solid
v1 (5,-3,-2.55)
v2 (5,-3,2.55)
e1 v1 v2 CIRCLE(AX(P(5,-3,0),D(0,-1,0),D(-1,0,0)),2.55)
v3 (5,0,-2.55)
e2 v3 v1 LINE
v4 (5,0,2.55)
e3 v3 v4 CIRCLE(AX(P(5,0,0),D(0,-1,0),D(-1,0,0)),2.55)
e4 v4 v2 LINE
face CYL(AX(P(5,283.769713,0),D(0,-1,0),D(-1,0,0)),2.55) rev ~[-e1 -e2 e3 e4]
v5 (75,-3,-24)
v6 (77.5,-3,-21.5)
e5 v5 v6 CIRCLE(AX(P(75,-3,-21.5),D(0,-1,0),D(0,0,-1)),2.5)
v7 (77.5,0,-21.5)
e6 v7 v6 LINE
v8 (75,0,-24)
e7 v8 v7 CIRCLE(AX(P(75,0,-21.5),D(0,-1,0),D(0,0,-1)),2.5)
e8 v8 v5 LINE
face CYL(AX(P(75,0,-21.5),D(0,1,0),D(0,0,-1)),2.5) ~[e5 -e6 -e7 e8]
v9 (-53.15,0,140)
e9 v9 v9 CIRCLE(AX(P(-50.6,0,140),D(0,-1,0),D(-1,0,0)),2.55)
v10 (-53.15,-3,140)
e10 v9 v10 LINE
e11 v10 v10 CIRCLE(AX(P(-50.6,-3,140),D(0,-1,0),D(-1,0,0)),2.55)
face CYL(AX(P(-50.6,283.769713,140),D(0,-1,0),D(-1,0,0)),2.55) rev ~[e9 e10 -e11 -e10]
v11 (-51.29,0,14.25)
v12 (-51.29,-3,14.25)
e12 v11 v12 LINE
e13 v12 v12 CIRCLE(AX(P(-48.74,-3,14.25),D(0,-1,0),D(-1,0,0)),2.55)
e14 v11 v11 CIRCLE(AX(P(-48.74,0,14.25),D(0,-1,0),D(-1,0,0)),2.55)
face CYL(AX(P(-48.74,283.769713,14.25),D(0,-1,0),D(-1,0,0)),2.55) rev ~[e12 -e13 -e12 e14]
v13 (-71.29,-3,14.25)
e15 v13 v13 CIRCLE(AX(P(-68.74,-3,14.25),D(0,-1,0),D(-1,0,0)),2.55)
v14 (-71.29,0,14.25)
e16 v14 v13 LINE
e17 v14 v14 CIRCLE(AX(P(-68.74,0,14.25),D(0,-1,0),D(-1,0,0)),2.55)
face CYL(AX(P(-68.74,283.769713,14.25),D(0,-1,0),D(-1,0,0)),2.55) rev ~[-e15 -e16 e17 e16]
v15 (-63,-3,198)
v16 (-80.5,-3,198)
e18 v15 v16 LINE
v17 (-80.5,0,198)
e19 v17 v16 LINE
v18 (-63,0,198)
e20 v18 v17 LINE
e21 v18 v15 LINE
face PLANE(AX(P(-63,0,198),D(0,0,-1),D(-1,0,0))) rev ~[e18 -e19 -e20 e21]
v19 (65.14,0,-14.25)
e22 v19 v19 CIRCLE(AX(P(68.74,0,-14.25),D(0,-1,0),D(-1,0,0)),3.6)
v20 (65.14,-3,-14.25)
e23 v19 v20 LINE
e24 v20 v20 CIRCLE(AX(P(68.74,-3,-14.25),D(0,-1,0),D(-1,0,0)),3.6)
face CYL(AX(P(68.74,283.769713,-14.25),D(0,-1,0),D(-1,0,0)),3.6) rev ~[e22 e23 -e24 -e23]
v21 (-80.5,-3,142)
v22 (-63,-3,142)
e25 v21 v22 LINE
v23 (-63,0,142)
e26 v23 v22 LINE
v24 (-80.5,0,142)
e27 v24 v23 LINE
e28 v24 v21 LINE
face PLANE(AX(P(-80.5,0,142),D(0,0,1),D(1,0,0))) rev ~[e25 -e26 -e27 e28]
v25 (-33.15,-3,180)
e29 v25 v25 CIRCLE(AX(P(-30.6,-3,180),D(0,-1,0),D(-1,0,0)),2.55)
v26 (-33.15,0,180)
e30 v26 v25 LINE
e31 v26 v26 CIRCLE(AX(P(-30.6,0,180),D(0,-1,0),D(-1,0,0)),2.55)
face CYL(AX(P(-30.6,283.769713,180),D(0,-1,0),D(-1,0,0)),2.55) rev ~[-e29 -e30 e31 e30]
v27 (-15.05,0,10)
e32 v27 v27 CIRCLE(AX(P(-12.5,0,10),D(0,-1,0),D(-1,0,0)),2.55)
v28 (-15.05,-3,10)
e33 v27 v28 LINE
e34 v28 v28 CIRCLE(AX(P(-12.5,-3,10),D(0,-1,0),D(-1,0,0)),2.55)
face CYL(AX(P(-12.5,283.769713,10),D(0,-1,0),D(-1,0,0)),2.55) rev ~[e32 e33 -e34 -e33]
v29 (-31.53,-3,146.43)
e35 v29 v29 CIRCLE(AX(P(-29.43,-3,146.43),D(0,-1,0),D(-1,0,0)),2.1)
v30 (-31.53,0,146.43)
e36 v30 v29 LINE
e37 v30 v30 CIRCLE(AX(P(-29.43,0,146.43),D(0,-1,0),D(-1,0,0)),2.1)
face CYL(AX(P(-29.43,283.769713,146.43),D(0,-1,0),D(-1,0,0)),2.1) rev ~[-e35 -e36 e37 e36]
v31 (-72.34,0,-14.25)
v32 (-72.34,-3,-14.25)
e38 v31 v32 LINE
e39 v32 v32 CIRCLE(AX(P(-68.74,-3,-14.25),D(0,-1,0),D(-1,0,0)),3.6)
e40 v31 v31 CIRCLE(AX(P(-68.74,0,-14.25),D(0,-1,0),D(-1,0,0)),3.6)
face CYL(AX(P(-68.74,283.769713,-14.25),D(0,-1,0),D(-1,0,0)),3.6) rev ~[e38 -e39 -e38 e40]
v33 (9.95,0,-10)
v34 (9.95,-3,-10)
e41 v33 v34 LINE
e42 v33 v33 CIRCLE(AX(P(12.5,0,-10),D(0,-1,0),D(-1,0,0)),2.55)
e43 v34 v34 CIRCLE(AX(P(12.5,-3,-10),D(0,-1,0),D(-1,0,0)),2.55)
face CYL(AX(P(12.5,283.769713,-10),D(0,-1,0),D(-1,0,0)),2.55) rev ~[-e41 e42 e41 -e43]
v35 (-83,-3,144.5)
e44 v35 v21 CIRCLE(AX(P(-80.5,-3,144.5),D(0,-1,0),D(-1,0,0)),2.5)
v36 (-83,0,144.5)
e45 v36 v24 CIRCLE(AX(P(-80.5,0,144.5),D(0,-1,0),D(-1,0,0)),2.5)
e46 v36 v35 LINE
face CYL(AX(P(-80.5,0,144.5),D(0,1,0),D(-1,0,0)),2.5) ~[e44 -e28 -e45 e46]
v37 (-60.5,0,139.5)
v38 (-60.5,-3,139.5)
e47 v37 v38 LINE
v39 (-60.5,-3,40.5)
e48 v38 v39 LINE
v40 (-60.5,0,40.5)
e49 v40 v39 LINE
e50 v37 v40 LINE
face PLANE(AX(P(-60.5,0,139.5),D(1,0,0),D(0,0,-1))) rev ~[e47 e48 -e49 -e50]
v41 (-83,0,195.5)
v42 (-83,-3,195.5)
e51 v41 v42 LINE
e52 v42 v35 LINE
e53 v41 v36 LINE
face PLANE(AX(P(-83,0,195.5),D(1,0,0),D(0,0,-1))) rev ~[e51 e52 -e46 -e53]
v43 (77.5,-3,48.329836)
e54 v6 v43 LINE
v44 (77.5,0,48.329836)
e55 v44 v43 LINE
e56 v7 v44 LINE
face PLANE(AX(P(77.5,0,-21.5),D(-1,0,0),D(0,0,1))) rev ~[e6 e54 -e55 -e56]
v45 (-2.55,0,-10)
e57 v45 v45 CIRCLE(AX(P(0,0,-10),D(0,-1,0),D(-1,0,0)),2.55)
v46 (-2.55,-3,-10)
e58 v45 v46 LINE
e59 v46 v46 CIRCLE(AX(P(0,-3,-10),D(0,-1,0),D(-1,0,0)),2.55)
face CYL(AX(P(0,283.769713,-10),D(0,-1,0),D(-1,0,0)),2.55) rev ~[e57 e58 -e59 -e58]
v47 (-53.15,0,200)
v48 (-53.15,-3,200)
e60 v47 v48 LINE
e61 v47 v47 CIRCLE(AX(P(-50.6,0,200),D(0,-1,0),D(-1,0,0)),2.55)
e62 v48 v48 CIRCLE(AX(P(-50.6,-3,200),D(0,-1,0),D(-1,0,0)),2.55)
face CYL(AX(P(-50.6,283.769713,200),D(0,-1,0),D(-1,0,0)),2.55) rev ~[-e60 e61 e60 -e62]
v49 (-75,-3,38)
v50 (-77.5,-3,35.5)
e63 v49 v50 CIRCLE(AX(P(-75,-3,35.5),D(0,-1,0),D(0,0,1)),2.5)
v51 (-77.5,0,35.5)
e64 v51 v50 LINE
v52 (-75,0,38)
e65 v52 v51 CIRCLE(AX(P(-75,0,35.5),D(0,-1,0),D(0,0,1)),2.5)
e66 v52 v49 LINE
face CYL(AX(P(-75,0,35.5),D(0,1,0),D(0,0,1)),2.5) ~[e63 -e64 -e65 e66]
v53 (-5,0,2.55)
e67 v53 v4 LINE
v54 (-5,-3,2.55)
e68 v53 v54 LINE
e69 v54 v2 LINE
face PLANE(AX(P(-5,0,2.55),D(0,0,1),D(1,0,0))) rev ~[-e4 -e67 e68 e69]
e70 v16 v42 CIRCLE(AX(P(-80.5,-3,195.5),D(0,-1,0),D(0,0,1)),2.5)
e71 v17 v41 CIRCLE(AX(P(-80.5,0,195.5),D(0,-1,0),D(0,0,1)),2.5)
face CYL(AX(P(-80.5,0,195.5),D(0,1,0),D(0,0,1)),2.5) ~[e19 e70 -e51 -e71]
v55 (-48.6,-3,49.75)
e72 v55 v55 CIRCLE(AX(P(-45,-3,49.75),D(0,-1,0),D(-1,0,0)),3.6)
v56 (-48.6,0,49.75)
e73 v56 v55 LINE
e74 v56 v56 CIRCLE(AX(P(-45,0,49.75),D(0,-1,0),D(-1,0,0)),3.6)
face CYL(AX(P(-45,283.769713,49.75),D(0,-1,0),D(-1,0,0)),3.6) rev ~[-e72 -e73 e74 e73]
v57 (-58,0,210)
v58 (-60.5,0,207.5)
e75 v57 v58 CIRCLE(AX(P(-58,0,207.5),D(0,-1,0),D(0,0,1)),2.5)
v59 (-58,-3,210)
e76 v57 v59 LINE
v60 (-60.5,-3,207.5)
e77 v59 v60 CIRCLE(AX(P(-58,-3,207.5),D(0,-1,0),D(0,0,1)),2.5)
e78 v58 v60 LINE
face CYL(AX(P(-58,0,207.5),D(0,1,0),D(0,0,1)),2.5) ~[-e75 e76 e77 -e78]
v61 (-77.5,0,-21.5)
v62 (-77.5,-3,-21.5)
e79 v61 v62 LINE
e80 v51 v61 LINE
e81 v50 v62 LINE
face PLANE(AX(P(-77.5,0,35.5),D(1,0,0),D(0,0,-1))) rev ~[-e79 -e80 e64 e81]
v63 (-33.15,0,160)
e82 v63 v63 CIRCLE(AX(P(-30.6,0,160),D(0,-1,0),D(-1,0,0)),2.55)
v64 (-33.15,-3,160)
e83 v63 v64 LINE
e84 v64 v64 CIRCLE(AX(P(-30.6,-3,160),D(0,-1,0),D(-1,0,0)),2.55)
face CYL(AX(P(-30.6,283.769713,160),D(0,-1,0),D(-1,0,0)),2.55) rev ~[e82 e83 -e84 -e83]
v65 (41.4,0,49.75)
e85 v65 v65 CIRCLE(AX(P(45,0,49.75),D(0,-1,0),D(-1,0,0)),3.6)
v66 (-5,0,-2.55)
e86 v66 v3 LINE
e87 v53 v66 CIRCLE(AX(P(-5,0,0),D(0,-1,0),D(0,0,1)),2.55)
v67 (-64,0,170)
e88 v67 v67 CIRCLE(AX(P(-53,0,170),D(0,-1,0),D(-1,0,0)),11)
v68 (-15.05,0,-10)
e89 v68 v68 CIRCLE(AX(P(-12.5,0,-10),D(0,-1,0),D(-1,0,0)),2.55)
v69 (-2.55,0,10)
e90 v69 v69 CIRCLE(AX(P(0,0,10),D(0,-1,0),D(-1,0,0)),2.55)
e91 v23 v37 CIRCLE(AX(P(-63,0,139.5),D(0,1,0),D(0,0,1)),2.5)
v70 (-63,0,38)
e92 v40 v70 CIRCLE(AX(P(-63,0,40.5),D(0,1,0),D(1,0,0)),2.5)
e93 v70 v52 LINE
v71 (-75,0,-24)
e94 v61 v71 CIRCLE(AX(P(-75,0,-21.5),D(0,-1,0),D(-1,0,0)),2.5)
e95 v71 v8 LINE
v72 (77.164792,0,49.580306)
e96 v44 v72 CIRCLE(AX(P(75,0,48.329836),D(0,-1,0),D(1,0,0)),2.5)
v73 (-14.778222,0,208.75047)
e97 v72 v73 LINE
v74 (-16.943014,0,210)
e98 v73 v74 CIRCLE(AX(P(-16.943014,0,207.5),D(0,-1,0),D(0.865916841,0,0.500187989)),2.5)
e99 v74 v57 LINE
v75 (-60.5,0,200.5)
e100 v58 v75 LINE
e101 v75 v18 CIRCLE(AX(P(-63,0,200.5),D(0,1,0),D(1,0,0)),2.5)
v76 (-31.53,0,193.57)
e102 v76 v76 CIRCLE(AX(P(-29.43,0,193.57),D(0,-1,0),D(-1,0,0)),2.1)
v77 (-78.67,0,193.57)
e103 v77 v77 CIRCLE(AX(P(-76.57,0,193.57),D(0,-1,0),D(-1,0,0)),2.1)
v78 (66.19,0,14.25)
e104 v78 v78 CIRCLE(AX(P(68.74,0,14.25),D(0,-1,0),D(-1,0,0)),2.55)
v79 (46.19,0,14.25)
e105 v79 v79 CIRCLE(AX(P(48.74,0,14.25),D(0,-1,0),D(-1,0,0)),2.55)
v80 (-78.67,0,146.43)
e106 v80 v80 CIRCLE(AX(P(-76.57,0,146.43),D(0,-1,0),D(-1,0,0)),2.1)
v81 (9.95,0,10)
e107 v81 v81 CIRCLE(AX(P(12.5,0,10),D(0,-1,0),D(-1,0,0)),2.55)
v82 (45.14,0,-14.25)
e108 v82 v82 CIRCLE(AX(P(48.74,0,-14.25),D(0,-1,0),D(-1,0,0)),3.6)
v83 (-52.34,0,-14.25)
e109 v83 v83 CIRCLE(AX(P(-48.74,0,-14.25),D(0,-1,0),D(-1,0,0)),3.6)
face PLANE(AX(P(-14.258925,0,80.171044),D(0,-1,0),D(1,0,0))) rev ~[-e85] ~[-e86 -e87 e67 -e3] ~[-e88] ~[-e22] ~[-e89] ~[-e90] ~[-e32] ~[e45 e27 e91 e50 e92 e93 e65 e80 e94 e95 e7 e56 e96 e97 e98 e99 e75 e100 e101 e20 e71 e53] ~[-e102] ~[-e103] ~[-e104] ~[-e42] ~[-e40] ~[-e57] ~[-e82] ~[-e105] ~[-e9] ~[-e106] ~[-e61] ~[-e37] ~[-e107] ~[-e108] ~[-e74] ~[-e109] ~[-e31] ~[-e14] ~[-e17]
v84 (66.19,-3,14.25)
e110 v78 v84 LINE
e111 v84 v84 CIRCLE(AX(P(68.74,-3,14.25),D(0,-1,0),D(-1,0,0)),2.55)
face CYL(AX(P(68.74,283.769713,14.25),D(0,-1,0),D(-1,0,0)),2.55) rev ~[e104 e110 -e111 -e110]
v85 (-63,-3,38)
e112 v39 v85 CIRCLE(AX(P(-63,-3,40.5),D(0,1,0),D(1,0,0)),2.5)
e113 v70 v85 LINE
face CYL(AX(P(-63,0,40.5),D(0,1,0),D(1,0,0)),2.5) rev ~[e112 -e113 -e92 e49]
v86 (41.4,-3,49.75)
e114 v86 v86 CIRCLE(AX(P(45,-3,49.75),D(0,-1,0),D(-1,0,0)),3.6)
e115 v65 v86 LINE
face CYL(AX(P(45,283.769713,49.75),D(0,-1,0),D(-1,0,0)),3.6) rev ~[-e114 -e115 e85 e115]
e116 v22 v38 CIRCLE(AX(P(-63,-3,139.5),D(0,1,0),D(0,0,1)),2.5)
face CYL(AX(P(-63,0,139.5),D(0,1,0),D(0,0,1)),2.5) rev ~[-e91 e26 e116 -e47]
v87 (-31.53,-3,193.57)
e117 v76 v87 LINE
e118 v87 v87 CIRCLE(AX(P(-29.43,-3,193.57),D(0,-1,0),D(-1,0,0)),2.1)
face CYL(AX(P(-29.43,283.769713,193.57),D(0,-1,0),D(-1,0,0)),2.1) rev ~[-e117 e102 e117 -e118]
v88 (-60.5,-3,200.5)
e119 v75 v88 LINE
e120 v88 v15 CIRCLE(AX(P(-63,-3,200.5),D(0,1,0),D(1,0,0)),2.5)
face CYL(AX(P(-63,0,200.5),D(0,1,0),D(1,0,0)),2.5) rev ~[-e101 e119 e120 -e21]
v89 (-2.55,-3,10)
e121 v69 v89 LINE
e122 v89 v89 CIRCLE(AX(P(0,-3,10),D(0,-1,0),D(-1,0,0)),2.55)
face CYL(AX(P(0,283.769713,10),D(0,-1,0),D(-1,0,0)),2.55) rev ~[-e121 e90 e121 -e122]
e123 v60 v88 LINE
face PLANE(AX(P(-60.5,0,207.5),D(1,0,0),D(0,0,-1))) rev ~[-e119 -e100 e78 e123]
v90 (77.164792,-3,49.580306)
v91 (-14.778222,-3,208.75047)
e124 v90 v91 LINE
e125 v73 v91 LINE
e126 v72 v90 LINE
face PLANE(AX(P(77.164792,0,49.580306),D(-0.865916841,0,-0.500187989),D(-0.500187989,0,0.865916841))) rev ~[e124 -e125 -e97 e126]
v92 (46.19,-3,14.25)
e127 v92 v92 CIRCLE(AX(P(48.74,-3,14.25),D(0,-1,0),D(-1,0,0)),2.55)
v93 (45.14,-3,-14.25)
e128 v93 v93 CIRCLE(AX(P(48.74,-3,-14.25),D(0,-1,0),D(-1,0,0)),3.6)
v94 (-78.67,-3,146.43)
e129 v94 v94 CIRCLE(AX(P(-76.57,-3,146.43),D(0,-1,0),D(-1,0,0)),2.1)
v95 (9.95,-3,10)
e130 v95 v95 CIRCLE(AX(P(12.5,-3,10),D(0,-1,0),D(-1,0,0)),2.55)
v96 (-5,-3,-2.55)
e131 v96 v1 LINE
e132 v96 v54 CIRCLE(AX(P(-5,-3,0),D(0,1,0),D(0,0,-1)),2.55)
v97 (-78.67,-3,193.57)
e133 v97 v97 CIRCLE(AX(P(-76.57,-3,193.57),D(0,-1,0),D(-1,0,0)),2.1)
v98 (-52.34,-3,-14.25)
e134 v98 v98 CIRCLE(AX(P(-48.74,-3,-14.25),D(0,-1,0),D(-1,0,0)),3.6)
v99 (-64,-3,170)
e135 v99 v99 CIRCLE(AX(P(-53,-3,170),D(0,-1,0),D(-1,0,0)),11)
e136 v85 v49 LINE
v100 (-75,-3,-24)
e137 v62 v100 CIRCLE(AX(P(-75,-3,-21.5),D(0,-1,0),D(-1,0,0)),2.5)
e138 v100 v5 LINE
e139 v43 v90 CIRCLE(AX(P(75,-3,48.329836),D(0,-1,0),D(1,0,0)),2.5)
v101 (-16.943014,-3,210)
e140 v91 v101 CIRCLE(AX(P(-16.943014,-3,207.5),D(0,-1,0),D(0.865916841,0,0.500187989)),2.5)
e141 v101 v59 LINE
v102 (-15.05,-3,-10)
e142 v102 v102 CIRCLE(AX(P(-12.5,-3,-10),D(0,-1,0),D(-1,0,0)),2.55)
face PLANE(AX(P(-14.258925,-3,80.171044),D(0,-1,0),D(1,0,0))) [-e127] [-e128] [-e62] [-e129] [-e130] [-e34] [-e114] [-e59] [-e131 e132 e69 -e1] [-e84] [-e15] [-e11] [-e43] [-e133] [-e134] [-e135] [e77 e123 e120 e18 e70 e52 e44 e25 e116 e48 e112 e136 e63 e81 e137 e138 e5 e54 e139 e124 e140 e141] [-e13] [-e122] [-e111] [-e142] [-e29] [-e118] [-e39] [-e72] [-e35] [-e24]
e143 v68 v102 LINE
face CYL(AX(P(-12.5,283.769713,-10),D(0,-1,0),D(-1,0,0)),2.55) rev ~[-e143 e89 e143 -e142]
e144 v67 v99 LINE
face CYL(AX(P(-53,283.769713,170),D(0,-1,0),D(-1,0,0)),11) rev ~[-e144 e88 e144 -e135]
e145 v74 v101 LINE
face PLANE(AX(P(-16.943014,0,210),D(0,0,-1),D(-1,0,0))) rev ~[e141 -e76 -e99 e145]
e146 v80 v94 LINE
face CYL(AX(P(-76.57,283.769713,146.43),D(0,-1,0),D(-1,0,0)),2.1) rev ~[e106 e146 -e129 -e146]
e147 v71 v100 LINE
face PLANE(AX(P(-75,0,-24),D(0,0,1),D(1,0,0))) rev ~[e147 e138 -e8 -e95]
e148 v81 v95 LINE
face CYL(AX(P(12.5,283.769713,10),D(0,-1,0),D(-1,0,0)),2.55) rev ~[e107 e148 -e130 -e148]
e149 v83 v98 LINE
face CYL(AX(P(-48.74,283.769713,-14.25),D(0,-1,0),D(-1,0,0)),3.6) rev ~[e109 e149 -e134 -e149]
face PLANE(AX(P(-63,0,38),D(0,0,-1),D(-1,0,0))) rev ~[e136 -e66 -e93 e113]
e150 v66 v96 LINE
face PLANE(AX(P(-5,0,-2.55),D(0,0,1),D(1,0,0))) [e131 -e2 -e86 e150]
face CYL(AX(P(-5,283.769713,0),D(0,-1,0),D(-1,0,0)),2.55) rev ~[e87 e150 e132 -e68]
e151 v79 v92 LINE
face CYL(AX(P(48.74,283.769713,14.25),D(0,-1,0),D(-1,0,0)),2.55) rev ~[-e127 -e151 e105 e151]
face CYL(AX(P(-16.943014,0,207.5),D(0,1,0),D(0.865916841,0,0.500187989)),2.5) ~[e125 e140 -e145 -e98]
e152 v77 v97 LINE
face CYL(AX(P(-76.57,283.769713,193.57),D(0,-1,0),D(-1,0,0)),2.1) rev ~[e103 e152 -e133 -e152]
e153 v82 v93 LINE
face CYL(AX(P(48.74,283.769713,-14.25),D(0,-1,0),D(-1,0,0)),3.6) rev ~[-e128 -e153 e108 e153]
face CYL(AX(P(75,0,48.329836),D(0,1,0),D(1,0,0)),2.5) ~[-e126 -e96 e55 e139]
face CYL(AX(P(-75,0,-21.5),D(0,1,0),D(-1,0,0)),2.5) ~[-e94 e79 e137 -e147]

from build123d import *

# Parameters (mm, degrees)
F0_W     = 10
F0_H     = 5.1
F1_DEPTH = 3
F2_D     = 22
F3_D     = 4.2
F4_D     = 5.1
F5_D     = 7.2


with BuildPart() as f1:
    # F0 (on Front) → F1 (new body)
    with BuildSketch(Plane.XZ):
        with BuildLine():
            ThreePointArc((-58, 210), (-59.767766953, 209.267766953), (-60.5, 207.5))
            Line((-60.5, 207.5), (-60.5, 200.5))
            ThreePointArc((-60.5, 200.5), (-61.232233047, 198.732233047), (-63, 198))
            Line((-63, 198), (-80.5, 198))
            ThreePointArc((-80.5, 198), (-82.267766953, 197.267766953), (-83, 195.5))
            Line((-83, 195.5), (-83, 144.5))
            ThreePointArc((-83, 144.5), (-82.267766953, 142.732233047), (-80.5, 142))
            Line((-80.5, 142), (-63, 142))
            ThreePointArc((-63, 142), (-61.232233047, 141.267766953), (-60.5, 139.5))
            Line((-60.5, 139.5), (-60.5, 40.5))
            ThreePointArc((-60.5, 40.5), (-61.232233047, 38.732233047), (-63, 38))
            Line((-63, 38), (-75, 38))
            ThreePointArc((-75, 38), (-76.767766953, 37.267766953), (-77.5, 35.5))
            Line((-77.5, 35.5), (-77.5, -21.5))
            ThreePointArc((-77.5, -21.5), (-76.767766953, -23.267766953), (-75, -24))
            Line((-75, -24), (75, -24))
            ThreePointArc((75, -24), (76.767766953, -23.267766953), (77.5, -21.5))
            Line((77.5, -21.5), (77.5, 48.3298361723))
            ThreePointArc((77.5, 48.3298361723), (77.4147443195, 48.9771458907), (77.1647921028, 49.5803061447))
            Line((77.1647921028, 49.5803061447), (-14.7782217853, 208.7504699724))
            ThreePointArc((-14.7782217853, 208.7504699724), (-15.6932488963, 209.6651991746), (-16.943013888, 210))
            Line((-16.943013888, 210), (-58, 210))
        make_face()
        Rectangle(F0_W, F0_H, mode=Mode.SUBTRACT)
    extrude(amount=F1_DEPTH)

    # F2 (through all)
    with Locations(Plane(origin=(0, 0, 0), x_dir=(1, 0, 0), z_dir=(0, 1, 0))):
        with Locations((-53, -170)):
            Hole(F2_D / 2)

    # F3 (through all)
    with Locations(Plane(origin=(0, 0, 0), x_dir=(1, 0, 0), z_dir=(0, 1, 0))):
        with Locations((-76.57, -193.57), (-29.43, -193.57), (-29.43, -146.43), (-76.57, -146.43)):
            Hole(F3_D / 2)

    # F4 (through all)
    with Locations(Plane(origin=(0, 0, 0), x_dir=(1, 0, 0), z_dir=(0, 1, 0))):
        with Locations((-50.6, -200), (-30.6, -180), (-30.6, -160), (-50.6, -140), (-68.74, -14.25), (-48.74, -14.25), (48.74, -14.25), (68.74, -14.25), (12.5, -10), (0, -10), (-12.5, -10), (-12.5, 10), (0, 10), (12.5, 10), (5, 0), (-5, 0)):
            Hole(F4_D / 2)

    # F5 (through all)
    with Locations(Plane(origin=(0, 0, 0), x_dir=(1, 0, 0), z_dir=(0, 1, 0))):
        with Locations((-68.74, 14.25), (-48.74, 14.25), (48.74, 14.25), (68.74, 14.25), (-45, -49.75), (45, -49.75)):
            Hole(F5_D / 2)


solid = f1.part
